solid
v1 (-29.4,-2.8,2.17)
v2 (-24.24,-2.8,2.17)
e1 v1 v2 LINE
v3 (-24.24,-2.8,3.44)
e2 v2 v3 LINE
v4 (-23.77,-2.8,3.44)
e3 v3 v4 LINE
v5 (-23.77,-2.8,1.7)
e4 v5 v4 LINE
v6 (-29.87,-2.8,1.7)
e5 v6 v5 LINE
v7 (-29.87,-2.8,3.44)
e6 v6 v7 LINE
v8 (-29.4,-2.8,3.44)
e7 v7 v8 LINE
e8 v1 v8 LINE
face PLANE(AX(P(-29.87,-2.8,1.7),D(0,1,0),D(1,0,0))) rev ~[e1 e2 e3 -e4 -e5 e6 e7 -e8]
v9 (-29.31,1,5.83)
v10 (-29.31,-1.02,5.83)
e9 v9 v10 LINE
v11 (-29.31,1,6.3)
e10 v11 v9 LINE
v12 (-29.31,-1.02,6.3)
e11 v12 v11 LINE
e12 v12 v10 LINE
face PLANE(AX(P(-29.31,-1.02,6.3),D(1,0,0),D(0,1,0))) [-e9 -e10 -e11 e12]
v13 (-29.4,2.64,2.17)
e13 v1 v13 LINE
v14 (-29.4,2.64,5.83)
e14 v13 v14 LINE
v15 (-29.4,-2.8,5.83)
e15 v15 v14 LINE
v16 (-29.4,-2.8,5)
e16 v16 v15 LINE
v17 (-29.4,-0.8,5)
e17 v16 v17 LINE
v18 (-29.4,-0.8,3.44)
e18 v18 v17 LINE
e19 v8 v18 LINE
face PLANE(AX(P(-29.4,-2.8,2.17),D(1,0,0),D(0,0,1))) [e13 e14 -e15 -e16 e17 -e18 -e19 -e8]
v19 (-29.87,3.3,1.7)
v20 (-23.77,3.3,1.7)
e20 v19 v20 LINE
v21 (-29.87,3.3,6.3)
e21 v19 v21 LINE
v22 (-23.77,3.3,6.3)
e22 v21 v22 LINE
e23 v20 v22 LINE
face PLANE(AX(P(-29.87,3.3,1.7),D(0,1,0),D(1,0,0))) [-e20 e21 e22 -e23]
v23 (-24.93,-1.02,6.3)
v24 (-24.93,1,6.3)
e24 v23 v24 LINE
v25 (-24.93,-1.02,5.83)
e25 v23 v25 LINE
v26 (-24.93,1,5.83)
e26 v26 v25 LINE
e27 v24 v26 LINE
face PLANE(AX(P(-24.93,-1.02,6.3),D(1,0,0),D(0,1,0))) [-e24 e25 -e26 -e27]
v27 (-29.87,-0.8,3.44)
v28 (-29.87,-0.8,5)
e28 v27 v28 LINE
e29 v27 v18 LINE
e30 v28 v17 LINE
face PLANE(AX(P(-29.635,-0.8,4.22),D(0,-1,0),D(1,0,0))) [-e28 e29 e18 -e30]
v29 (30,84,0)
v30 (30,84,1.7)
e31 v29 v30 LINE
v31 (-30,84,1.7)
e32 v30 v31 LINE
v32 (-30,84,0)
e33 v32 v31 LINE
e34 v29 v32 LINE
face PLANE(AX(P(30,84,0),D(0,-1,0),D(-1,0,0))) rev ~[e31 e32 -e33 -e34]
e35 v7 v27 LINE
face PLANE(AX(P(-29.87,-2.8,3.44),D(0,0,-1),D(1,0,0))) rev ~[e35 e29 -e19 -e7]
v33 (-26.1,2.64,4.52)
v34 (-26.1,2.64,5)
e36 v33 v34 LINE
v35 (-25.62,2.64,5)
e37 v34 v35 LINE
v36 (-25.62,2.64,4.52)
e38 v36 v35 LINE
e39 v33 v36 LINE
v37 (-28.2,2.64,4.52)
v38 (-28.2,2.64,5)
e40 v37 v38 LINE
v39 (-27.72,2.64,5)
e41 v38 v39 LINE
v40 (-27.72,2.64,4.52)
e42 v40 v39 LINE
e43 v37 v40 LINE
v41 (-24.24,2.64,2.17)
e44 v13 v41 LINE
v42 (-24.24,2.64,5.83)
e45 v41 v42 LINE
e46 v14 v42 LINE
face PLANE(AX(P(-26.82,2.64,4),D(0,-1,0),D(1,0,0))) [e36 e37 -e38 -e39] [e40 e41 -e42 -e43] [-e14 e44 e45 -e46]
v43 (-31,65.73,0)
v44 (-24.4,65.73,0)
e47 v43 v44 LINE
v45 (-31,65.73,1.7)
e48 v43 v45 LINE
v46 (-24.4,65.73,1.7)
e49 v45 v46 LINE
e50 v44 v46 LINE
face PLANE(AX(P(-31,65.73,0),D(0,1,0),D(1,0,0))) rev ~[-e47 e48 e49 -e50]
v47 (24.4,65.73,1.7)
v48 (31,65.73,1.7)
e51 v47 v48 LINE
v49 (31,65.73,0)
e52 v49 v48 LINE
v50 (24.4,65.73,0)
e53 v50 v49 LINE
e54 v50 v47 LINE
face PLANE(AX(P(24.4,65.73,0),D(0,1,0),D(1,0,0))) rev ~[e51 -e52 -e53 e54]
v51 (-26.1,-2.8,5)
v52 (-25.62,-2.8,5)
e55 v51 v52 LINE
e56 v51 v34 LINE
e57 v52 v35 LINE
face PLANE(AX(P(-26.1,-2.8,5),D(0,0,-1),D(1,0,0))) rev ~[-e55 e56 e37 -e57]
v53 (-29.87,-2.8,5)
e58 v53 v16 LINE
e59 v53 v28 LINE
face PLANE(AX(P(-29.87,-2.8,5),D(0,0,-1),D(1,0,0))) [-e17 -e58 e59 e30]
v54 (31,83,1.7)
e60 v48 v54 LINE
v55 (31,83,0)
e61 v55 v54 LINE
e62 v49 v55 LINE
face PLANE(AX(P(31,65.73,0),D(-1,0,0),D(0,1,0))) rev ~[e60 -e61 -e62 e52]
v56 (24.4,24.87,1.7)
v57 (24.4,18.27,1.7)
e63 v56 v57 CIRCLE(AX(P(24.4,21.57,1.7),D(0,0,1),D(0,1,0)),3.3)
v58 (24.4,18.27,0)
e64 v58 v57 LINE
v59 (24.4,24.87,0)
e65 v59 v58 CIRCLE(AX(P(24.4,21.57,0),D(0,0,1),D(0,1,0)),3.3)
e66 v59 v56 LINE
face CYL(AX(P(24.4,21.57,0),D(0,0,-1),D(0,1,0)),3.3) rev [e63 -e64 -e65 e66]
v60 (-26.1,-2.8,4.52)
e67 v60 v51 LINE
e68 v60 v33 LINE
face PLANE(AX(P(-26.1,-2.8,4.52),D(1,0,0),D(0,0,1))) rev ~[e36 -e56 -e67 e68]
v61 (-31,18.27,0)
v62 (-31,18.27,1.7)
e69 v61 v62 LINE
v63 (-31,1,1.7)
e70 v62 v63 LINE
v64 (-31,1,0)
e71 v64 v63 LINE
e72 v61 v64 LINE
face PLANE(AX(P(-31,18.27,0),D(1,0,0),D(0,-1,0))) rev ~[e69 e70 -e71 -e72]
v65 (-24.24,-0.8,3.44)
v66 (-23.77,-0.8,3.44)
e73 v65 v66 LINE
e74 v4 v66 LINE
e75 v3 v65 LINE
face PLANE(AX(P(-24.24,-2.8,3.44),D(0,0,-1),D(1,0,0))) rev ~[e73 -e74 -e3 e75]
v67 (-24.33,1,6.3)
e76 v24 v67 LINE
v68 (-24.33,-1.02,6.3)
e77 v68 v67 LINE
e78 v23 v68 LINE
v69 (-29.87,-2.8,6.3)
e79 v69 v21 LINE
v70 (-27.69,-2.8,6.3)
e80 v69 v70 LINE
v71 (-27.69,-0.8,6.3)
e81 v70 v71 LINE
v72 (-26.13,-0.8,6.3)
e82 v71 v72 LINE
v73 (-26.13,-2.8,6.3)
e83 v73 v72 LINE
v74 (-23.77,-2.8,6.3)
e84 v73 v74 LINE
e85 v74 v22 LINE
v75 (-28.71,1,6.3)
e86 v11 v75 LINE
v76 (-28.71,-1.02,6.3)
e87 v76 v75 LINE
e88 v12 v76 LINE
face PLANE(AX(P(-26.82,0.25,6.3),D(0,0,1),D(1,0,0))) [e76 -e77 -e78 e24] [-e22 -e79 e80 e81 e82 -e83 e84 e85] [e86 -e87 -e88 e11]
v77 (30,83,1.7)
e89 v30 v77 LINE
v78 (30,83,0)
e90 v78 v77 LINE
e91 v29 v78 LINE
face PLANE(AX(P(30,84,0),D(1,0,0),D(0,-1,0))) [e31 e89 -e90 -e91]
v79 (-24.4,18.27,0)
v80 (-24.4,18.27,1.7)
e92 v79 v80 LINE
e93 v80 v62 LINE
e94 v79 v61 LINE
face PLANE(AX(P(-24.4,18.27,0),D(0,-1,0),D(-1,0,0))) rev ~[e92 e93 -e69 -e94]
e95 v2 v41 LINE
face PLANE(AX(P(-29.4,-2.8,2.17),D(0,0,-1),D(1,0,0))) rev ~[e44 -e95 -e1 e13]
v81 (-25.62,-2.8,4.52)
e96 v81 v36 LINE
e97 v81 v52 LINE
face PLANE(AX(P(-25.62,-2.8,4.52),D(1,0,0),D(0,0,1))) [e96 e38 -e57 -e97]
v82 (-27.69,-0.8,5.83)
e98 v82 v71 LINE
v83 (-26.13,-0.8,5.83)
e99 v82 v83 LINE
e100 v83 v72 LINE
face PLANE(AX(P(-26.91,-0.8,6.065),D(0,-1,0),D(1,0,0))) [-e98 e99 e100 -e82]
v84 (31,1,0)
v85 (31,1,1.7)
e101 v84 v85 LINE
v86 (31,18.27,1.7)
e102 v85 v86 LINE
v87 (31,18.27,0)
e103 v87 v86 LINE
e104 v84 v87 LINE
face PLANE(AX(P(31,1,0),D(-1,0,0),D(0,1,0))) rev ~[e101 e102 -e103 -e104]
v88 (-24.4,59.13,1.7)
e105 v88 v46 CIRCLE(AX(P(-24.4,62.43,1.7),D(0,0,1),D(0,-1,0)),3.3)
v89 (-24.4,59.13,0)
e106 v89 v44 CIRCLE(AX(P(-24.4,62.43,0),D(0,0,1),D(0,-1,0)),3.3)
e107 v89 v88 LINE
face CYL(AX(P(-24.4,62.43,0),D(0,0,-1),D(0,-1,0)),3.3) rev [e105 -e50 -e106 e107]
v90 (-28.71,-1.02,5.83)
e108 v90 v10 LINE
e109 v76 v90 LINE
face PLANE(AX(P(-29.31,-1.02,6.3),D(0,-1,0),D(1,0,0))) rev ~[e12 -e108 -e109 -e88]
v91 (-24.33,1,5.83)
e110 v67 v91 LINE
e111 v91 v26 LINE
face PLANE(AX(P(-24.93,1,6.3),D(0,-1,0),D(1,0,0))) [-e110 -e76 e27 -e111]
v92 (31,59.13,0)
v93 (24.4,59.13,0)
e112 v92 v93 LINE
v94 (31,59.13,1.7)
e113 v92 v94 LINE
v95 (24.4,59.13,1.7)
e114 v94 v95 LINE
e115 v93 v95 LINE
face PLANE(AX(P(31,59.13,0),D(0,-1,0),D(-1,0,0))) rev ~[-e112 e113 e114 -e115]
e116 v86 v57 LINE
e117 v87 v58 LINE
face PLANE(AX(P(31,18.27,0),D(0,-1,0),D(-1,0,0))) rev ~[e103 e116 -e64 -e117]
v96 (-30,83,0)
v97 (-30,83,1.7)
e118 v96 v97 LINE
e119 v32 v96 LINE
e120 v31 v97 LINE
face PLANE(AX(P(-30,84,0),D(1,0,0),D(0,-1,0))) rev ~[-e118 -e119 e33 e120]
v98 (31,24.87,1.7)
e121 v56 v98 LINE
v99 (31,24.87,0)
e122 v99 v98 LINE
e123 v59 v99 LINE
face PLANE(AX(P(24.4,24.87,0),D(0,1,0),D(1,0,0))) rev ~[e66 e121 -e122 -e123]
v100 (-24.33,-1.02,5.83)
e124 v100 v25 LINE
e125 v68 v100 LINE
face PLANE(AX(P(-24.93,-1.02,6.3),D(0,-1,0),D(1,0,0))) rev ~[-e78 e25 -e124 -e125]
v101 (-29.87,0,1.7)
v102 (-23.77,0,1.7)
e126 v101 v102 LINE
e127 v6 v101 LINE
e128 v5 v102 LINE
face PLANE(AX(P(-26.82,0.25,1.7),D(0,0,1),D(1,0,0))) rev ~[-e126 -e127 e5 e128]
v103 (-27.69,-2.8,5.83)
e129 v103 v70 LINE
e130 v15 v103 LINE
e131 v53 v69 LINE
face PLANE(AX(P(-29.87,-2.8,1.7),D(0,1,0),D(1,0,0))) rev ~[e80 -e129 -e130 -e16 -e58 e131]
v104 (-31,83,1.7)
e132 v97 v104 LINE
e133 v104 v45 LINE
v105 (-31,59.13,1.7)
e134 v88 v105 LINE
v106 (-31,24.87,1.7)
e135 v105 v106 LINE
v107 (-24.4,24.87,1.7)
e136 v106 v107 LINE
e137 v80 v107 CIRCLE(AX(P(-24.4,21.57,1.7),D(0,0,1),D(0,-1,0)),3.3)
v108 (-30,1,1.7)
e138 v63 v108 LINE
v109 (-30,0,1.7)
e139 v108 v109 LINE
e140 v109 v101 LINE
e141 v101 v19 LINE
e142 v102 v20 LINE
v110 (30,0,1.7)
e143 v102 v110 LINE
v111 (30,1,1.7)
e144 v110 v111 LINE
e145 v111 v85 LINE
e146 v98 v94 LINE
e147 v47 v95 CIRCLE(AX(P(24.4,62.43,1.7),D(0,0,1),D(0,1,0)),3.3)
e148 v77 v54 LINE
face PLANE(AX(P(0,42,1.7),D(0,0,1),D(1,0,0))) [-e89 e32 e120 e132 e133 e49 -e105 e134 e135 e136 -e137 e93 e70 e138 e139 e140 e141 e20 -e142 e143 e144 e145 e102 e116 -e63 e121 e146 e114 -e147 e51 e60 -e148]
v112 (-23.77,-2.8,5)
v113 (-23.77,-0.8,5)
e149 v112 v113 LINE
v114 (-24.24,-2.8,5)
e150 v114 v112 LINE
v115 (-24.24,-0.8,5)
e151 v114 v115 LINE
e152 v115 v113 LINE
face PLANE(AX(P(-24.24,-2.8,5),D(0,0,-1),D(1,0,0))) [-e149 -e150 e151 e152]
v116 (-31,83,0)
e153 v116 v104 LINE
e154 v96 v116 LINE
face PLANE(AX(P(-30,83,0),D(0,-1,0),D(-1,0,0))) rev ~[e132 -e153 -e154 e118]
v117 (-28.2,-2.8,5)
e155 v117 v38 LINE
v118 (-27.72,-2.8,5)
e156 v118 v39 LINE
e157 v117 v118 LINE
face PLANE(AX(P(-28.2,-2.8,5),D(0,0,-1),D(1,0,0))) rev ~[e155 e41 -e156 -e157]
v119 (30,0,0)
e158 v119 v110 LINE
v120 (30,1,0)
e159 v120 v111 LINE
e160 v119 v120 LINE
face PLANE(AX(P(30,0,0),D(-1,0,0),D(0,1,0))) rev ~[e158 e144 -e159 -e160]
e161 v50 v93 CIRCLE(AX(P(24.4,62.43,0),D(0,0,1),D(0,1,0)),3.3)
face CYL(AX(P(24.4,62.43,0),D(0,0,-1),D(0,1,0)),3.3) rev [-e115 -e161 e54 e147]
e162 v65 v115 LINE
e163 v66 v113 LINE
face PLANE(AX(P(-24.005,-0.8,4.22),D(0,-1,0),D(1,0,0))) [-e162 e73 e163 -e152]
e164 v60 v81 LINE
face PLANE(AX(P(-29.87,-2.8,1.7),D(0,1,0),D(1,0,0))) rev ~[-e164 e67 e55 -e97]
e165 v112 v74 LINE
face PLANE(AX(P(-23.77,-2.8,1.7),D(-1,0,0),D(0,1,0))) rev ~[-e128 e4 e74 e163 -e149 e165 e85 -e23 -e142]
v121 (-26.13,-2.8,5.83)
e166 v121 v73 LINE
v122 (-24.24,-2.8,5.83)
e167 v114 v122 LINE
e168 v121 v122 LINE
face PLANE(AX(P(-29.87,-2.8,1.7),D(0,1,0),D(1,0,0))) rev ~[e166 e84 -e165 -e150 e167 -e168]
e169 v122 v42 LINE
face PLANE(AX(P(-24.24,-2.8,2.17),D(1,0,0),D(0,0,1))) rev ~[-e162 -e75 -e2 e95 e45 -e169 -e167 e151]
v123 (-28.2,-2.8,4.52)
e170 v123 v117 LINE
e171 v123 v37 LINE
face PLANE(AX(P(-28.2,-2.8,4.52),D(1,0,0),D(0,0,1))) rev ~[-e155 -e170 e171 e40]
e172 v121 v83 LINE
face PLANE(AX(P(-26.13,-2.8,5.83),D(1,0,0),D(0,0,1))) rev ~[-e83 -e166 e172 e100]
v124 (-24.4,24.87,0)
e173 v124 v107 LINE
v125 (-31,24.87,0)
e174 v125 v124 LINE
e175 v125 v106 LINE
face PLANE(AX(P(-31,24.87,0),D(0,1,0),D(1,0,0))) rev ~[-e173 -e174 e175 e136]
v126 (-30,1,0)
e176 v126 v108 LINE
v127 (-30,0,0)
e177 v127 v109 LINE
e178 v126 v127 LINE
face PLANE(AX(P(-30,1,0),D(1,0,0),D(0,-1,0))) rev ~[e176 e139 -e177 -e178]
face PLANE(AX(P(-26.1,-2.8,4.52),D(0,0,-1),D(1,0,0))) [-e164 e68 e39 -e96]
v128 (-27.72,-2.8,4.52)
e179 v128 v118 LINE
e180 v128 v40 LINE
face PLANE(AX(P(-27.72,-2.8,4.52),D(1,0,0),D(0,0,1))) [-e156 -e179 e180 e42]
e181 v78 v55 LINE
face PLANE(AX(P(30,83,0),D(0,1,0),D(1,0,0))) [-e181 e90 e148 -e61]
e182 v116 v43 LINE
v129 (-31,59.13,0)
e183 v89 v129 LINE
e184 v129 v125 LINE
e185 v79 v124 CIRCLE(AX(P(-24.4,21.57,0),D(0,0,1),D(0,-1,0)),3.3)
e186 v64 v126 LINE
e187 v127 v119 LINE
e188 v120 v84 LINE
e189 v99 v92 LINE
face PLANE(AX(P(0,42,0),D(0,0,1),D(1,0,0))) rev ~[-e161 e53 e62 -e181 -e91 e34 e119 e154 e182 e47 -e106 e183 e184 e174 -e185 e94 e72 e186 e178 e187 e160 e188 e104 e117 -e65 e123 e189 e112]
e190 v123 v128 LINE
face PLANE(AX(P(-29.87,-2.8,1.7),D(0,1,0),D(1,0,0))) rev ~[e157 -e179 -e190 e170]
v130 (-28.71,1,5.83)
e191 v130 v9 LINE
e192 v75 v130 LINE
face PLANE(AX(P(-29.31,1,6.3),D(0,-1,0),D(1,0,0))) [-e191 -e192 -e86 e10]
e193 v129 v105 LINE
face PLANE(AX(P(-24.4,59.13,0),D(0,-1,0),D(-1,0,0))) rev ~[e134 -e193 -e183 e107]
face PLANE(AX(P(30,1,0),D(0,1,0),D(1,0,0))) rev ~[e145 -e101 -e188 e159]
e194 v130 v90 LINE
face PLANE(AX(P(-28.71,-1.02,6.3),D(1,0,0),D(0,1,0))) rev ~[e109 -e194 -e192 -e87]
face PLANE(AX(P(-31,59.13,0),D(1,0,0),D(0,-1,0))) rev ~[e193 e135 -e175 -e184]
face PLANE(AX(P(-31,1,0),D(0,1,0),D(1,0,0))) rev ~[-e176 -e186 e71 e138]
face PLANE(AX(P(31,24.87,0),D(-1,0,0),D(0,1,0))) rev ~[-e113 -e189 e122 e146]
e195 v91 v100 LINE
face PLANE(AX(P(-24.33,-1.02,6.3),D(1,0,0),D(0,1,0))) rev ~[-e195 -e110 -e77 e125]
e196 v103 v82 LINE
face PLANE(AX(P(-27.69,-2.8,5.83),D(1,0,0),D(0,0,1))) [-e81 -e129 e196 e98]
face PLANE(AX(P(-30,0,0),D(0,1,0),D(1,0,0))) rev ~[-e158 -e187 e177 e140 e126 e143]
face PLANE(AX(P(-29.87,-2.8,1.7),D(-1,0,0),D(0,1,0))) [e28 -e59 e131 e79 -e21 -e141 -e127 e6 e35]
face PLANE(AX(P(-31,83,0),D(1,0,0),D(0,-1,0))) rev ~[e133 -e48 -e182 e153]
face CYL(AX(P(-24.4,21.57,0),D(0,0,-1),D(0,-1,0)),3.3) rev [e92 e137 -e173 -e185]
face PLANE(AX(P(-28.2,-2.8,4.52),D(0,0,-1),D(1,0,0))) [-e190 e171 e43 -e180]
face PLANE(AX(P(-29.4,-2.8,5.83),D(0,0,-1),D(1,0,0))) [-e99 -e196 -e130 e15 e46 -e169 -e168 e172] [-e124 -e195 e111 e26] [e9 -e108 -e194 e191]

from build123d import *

# Parameters (mm, degrees)
PAD_DEPTH       = 1.7
SKETCH008_W     = 6.1
SKETCH008_H     = 6.1
PAD003_DEPTH    = 4.6
SKETCH014_W     = 5.16
SKETCH014_H     = 3.66
SKETCH014_W_2   = 0.48
SKETCH014_H_2   = 0.48
POCKET003_DEPTH = 5.44
SKETCH015_W     = 0.47
SKETCH015_H     = 1.56
SKETCH015_W_2   = 1.56
SKETCH015_H_2   = 0.47
POCKET004_DEPTH = 2
SKETCH016_W     = 0.6
SKETCH016_H     = 2.02
POCKET005_DEPTH = 1


with BuildPart() as part:
    # Sketch → Pad (new body)
    with BuildSketch(Plane.XY):
        with BuildLine():
            Line((0, 0), (30, 0))
            Line((30, 0), (30, 1))
            Line((30, 1), (31, 1))
            Line((31, 1), (31, 18.27))
            Line((31, 18.27), (24.4, 18.27))
            ThreePointArc((24.4, 24.87), (21.1, 21.57), (24.4, 18.27))
            Line((24.4, 24.87), (31, 24.87))
            Line((31, 24.87), (31, 59.13))
            Line((31, 59.13), (24.4, 59.13))
            ThreePointArc((24.4, 65.73), (21.1, 62.43), (24.4, 59.13))
            Line((24.4, 65.73), (31, 65.73))
            Line((31, 65.73), (31, 83))
            Line((30, 83), (31, 83))
            Line((30, 84), (30, 83))
            Line((30, 84), (0, 84))
            Line((0, 84), (-30, 84))
            Line((-30, 84), (-30, 83))
            Line((-30, 83), (-31, 83))
            Line((-31, 83), (-31, 65.73))
            Line((-31, 65.73), (-24.4, 65.73))
            ThreePointArc((-24.4, 59.13), (-21.1, 62.43), (-24.4, 65.73))
            Line((-24.4, 59.13), (-31, 59.13))
            Line((-31, 59.13), (-31, 24.87))
            Line((-31, 24.87), (-24.4, 24.87))
            ThreePointArc((-24.4, 18.27), (-21.1, 21.57), (-24.4, 24.87))
            Line((-24.4, 18.27), (-31, 18.27))
            Line((-31, 18.27), (-31, 1))
            Line((-31, 1), (-30, 1))
            Line((-30, 1), (-30, 0))
            Line((-30, 0), (0, 0))
        make_face()
    extrude(amount=PAD_DEPTH)

    # Sketch008 → Pad003 (new body)
    with BuildSketch(Plane.XY.offset(1.7)):
        with Locations((-26.82, 0.25)):
            Rectangle(SKETCH008_W, SKETCH008_H)
    extrude(amount=PAD003_DEPTH)

    # Sketch014 → Pocket003 (cut)
    with BuildSketch(Plane.XZ.offset(2.8)):
        with Locations((-26.82, 4)):
            Rectangle(SKETCH014_W, SKETCH014_H)
        with Locations((-27.96, 4.76)):
            Rectangle(SKETCH014_W_2, SKETCH014_H_2, mode=Mode.SUBTRACT)
        with Locations((-25.86, 4.76)):
            Rectangle(SKETCH014_W_2, SKETCH014_H_2, mode=Mode.SUBTRACT)
    extrude(amount=-POCKET003_DEPTH, mode=Mode.SUBTRACT)

    # Sketch015 → Pocket004 (cut)
    with BuildSketch(Plane.XZ.offset(2.8)):
        with Locations((-29.635, 4.22)):
            Rectangle(SKETCH015_W, SKETCH015_H)
        with Locations((-24.005, 4.22)):
            Rectangle(SKETCH015_W, SKETCH015_H)
        with Locations((-26.91, 6.065)):
            Rectangle(SKETCH015_W_2, SKETCH015_H_2)
    extrude(amount=-POCKET004_DEPTH, mode=Mode.SUBTRACT)

    # Sketch016 → Pocket005 (cut)
    with BuildSketch(Plane.XY.offset(6.3)):
        with Locations((-29.01, -0.01)):
            Rectangle(SKETCH016_W, SKETCH016_H)
        with Locations((-24.63, -0.01)):
            Rectangle(SKETCH016_W, SKETCH016_H)
    extrude(amount=-POCKET005_DEPTH, mode=Mode.SUBTRACT)


solid = part.part
